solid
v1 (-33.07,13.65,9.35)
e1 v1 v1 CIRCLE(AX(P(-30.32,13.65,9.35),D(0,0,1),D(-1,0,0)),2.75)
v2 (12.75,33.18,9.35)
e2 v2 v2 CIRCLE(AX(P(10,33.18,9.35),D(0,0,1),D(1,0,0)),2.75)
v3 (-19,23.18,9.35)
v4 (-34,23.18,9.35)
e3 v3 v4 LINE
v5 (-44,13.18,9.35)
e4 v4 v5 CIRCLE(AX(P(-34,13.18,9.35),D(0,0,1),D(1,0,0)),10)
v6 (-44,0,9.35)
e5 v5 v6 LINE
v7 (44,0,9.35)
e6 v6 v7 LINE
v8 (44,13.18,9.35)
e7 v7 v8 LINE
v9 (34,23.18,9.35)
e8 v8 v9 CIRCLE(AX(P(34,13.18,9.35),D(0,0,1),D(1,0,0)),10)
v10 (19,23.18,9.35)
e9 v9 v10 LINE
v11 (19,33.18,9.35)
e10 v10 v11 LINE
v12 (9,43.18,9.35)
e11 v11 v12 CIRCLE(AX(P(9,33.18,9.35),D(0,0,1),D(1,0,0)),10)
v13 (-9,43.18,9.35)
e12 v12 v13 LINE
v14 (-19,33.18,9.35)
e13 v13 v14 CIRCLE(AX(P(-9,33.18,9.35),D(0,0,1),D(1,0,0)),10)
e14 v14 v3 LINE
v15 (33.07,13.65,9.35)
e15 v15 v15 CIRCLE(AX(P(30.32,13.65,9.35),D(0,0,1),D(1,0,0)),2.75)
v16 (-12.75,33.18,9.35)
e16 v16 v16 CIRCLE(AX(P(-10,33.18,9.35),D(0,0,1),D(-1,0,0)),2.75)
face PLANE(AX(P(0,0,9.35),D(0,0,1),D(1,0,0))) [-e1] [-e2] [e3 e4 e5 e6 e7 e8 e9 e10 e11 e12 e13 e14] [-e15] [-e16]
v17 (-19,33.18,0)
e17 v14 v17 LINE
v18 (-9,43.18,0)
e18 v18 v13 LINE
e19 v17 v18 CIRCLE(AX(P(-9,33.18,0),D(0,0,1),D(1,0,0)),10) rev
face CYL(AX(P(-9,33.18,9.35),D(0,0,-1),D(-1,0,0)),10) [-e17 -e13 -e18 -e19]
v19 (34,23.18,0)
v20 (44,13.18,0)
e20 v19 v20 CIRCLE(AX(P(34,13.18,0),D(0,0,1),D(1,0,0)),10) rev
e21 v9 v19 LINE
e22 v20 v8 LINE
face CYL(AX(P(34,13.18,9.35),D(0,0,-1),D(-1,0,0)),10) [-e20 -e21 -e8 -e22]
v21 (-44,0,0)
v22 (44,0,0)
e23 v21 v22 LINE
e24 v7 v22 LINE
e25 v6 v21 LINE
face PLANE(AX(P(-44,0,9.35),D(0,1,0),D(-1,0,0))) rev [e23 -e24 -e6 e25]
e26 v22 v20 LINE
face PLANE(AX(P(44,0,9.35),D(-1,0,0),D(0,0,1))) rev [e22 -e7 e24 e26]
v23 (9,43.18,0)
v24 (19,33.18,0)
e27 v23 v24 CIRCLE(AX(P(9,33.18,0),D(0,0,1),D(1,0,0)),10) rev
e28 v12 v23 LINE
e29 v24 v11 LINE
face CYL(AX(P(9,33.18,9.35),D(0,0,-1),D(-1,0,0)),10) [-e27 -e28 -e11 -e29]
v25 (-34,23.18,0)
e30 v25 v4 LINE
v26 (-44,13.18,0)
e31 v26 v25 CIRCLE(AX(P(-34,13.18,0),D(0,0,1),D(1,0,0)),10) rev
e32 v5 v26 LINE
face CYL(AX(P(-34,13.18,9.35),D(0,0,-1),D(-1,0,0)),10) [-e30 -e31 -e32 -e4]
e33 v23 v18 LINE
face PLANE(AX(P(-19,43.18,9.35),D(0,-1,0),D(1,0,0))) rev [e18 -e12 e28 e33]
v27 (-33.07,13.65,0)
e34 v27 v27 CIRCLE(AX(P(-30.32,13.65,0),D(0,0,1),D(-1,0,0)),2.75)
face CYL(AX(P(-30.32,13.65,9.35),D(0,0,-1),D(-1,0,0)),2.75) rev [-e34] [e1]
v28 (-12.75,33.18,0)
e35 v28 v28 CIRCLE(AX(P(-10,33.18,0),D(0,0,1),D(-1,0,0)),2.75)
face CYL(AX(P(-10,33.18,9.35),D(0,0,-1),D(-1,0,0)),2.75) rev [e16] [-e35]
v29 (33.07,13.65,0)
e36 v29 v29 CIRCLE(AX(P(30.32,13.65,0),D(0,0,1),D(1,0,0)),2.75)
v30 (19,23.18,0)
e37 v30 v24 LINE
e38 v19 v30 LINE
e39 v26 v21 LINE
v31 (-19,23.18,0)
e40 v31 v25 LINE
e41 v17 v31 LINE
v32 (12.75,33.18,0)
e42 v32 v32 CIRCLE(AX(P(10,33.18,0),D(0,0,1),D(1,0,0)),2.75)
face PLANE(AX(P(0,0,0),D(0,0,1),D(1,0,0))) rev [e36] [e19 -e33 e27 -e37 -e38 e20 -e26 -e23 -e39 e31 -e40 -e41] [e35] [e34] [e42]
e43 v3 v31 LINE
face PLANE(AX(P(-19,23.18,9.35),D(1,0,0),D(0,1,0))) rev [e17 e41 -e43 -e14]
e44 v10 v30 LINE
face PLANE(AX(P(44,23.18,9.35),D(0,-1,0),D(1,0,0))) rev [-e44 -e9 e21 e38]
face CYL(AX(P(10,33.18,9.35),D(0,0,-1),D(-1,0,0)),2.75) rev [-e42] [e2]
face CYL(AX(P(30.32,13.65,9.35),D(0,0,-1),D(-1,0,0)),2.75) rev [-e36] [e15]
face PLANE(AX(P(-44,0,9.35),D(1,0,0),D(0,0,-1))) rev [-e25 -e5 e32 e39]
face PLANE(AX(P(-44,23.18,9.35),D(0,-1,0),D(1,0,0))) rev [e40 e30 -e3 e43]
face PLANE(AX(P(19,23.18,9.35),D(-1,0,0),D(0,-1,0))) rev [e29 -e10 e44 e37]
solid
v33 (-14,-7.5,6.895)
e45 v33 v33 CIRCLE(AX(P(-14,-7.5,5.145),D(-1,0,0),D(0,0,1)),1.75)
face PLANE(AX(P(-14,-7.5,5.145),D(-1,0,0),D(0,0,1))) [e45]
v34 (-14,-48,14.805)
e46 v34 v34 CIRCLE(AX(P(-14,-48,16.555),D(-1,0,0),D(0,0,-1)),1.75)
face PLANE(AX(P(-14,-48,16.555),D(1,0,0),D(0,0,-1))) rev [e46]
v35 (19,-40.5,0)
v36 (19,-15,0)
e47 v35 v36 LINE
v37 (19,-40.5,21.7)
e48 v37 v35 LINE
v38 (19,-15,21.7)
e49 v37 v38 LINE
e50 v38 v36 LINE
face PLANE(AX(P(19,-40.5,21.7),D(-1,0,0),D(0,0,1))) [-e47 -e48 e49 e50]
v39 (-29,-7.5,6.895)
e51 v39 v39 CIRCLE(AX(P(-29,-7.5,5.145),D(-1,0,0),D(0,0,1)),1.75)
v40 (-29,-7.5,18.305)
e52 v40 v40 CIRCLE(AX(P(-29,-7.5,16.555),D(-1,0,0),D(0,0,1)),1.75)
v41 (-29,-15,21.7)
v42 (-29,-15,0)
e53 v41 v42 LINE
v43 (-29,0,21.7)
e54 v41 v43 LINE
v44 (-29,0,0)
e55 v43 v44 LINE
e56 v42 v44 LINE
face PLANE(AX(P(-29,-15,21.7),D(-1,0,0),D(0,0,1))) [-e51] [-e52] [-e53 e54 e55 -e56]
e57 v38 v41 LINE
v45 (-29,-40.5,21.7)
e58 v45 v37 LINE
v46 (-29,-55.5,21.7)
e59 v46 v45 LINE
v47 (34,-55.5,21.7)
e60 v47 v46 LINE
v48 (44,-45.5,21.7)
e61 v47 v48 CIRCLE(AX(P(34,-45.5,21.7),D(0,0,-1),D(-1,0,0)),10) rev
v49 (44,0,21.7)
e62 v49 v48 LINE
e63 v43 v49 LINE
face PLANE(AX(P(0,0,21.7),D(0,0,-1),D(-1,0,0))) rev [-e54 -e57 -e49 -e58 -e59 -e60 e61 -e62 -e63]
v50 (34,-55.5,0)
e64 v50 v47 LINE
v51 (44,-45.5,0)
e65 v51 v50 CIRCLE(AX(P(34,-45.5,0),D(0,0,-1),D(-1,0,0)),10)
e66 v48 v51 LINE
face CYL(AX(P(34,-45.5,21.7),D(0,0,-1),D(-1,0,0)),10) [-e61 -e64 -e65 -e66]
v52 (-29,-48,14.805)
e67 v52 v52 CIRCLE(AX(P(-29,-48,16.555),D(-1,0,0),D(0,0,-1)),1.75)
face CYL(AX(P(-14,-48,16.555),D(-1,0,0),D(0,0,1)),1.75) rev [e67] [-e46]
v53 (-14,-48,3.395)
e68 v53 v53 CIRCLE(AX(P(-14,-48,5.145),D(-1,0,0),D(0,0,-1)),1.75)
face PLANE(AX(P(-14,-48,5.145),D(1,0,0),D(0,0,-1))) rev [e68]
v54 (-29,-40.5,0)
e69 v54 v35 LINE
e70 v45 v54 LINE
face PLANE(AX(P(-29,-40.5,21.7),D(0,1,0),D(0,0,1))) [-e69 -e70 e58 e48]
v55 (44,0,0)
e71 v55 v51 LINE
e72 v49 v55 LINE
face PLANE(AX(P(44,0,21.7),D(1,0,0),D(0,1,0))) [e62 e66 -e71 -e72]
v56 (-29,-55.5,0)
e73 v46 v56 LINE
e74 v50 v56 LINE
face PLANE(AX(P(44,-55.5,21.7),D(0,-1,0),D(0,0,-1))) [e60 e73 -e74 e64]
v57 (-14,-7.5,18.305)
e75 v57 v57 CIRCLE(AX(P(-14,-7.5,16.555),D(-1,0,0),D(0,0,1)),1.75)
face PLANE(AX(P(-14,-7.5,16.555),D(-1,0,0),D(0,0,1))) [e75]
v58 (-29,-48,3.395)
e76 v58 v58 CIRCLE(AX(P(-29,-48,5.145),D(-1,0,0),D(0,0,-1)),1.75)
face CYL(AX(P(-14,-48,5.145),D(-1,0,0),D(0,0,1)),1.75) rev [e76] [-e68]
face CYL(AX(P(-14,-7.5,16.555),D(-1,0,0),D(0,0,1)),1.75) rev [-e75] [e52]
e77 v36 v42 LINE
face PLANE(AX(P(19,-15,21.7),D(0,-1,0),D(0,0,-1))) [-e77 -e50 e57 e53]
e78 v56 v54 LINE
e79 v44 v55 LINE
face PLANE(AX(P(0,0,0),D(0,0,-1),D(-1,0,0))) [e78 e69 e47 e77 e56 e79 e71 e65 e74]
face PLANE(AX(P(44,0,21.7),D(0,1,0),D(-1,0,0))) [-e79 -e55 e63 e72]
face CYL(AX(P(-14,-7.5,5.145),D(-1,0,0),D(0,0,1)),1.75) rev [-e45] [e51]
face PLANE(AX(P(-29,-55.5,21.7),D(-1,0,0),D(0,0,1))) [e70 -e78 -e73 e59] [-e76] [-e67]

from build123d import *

# Parameters (mm, degrees)
SKETCH1_R           = 2.75
BOSS_EXTRUDE1_DEPTH = 9.35
BOSS_EXTRUDE2_DEPTH = 21.7
SKETCH3_R           = 1.75
CUT_EXTRUDE2_DEPTH  = 15
FILLET1_R           = 10
FILLET2_R           = 10


with BuildPart() as part:
    # Sketch1 → Boss-Extrude1 (new body)
    with BuildSketch(Plane.XY):
        Polygon((-44, 0), (-44, 23.18), (-19, 23.18), (-19, 43.18), (19, 43.18), (19, 23.18), (44, 23.18), (44, 0), align=None)
        with Locations((10, 33.18)):
            Circle(SKETCH1_R, mode=Mode.SUBTRACT)
        with Locations((30.32, 13.65)):
            Circle(SKETCH1_R, mode=Mode.SUBTRACT)
        with Locations((-30.32, 13.65)):
            Circle(SKETCH1_R, mode=Mode.SUBTRACT)
        with Locations((-10, 33.18)):
            Circle(SKETCH1_R, mode=Mode.SUBTRACT)
    extrude(amount=BOSS_EXTRUDE1_DEPTH)

    # Fillet1
    fillet1_edges = [part.edges().sort_by_distance(p)[0] for p in [
        (-44, 23.18, 4.675),
        (-19, 43.18, 4.675),
        (19, 43.18, 4.675),
        (44, 23.18, 4.675),
    ]]
    fillet(fillet1_edges, radius=FILLET1_R)


with BuildPart() as body_2:
    # Sketch2 → Boss-Extrude2 (new body)
    with BuildSketch(Plane(origin=(0, 0, 0), x_dir=(-1, 0, 0), z_dir=(0, 0, -1))):
        Polygon((-44, 0), (-44, -55.5), (29, -55.5), (29, -40.5), (-19, -40.5), (-19, -15), (29, -15), (29, 0), align=None)
    extrude(amount=-BOSS_EXTRUDE2_DEPTH)

    # Sketch3 → Cut-Extrude2 (cut)
    with BuildSketch(Plane.ZY.offset(29)):
        with Locations((5.145, -7.5)):
            Circle(SKETCH3_R)
        with Locations((16.555, -7.5)):
            Circle(SKETCH3_R)
        with Locations((5.145, -48)):
            Circle(SKETCH3_R)
        with Locations((16.555, -48)):
            Circle(SKETCH3_R)
    extrude(amount=-CUT_EXTRUDE2_DEPTH, mode=Mode.SUBTRACT)

    # Fillet2
    fillet2_edges = [body_2.edges().sort_by_distance(p)[0] for p in [
        (44, -55.5, 10.85),
    ]]
    fillet(fillet2_edges, radius=FILLET2_R)


solid = Compound([part.part, body_2.part])
